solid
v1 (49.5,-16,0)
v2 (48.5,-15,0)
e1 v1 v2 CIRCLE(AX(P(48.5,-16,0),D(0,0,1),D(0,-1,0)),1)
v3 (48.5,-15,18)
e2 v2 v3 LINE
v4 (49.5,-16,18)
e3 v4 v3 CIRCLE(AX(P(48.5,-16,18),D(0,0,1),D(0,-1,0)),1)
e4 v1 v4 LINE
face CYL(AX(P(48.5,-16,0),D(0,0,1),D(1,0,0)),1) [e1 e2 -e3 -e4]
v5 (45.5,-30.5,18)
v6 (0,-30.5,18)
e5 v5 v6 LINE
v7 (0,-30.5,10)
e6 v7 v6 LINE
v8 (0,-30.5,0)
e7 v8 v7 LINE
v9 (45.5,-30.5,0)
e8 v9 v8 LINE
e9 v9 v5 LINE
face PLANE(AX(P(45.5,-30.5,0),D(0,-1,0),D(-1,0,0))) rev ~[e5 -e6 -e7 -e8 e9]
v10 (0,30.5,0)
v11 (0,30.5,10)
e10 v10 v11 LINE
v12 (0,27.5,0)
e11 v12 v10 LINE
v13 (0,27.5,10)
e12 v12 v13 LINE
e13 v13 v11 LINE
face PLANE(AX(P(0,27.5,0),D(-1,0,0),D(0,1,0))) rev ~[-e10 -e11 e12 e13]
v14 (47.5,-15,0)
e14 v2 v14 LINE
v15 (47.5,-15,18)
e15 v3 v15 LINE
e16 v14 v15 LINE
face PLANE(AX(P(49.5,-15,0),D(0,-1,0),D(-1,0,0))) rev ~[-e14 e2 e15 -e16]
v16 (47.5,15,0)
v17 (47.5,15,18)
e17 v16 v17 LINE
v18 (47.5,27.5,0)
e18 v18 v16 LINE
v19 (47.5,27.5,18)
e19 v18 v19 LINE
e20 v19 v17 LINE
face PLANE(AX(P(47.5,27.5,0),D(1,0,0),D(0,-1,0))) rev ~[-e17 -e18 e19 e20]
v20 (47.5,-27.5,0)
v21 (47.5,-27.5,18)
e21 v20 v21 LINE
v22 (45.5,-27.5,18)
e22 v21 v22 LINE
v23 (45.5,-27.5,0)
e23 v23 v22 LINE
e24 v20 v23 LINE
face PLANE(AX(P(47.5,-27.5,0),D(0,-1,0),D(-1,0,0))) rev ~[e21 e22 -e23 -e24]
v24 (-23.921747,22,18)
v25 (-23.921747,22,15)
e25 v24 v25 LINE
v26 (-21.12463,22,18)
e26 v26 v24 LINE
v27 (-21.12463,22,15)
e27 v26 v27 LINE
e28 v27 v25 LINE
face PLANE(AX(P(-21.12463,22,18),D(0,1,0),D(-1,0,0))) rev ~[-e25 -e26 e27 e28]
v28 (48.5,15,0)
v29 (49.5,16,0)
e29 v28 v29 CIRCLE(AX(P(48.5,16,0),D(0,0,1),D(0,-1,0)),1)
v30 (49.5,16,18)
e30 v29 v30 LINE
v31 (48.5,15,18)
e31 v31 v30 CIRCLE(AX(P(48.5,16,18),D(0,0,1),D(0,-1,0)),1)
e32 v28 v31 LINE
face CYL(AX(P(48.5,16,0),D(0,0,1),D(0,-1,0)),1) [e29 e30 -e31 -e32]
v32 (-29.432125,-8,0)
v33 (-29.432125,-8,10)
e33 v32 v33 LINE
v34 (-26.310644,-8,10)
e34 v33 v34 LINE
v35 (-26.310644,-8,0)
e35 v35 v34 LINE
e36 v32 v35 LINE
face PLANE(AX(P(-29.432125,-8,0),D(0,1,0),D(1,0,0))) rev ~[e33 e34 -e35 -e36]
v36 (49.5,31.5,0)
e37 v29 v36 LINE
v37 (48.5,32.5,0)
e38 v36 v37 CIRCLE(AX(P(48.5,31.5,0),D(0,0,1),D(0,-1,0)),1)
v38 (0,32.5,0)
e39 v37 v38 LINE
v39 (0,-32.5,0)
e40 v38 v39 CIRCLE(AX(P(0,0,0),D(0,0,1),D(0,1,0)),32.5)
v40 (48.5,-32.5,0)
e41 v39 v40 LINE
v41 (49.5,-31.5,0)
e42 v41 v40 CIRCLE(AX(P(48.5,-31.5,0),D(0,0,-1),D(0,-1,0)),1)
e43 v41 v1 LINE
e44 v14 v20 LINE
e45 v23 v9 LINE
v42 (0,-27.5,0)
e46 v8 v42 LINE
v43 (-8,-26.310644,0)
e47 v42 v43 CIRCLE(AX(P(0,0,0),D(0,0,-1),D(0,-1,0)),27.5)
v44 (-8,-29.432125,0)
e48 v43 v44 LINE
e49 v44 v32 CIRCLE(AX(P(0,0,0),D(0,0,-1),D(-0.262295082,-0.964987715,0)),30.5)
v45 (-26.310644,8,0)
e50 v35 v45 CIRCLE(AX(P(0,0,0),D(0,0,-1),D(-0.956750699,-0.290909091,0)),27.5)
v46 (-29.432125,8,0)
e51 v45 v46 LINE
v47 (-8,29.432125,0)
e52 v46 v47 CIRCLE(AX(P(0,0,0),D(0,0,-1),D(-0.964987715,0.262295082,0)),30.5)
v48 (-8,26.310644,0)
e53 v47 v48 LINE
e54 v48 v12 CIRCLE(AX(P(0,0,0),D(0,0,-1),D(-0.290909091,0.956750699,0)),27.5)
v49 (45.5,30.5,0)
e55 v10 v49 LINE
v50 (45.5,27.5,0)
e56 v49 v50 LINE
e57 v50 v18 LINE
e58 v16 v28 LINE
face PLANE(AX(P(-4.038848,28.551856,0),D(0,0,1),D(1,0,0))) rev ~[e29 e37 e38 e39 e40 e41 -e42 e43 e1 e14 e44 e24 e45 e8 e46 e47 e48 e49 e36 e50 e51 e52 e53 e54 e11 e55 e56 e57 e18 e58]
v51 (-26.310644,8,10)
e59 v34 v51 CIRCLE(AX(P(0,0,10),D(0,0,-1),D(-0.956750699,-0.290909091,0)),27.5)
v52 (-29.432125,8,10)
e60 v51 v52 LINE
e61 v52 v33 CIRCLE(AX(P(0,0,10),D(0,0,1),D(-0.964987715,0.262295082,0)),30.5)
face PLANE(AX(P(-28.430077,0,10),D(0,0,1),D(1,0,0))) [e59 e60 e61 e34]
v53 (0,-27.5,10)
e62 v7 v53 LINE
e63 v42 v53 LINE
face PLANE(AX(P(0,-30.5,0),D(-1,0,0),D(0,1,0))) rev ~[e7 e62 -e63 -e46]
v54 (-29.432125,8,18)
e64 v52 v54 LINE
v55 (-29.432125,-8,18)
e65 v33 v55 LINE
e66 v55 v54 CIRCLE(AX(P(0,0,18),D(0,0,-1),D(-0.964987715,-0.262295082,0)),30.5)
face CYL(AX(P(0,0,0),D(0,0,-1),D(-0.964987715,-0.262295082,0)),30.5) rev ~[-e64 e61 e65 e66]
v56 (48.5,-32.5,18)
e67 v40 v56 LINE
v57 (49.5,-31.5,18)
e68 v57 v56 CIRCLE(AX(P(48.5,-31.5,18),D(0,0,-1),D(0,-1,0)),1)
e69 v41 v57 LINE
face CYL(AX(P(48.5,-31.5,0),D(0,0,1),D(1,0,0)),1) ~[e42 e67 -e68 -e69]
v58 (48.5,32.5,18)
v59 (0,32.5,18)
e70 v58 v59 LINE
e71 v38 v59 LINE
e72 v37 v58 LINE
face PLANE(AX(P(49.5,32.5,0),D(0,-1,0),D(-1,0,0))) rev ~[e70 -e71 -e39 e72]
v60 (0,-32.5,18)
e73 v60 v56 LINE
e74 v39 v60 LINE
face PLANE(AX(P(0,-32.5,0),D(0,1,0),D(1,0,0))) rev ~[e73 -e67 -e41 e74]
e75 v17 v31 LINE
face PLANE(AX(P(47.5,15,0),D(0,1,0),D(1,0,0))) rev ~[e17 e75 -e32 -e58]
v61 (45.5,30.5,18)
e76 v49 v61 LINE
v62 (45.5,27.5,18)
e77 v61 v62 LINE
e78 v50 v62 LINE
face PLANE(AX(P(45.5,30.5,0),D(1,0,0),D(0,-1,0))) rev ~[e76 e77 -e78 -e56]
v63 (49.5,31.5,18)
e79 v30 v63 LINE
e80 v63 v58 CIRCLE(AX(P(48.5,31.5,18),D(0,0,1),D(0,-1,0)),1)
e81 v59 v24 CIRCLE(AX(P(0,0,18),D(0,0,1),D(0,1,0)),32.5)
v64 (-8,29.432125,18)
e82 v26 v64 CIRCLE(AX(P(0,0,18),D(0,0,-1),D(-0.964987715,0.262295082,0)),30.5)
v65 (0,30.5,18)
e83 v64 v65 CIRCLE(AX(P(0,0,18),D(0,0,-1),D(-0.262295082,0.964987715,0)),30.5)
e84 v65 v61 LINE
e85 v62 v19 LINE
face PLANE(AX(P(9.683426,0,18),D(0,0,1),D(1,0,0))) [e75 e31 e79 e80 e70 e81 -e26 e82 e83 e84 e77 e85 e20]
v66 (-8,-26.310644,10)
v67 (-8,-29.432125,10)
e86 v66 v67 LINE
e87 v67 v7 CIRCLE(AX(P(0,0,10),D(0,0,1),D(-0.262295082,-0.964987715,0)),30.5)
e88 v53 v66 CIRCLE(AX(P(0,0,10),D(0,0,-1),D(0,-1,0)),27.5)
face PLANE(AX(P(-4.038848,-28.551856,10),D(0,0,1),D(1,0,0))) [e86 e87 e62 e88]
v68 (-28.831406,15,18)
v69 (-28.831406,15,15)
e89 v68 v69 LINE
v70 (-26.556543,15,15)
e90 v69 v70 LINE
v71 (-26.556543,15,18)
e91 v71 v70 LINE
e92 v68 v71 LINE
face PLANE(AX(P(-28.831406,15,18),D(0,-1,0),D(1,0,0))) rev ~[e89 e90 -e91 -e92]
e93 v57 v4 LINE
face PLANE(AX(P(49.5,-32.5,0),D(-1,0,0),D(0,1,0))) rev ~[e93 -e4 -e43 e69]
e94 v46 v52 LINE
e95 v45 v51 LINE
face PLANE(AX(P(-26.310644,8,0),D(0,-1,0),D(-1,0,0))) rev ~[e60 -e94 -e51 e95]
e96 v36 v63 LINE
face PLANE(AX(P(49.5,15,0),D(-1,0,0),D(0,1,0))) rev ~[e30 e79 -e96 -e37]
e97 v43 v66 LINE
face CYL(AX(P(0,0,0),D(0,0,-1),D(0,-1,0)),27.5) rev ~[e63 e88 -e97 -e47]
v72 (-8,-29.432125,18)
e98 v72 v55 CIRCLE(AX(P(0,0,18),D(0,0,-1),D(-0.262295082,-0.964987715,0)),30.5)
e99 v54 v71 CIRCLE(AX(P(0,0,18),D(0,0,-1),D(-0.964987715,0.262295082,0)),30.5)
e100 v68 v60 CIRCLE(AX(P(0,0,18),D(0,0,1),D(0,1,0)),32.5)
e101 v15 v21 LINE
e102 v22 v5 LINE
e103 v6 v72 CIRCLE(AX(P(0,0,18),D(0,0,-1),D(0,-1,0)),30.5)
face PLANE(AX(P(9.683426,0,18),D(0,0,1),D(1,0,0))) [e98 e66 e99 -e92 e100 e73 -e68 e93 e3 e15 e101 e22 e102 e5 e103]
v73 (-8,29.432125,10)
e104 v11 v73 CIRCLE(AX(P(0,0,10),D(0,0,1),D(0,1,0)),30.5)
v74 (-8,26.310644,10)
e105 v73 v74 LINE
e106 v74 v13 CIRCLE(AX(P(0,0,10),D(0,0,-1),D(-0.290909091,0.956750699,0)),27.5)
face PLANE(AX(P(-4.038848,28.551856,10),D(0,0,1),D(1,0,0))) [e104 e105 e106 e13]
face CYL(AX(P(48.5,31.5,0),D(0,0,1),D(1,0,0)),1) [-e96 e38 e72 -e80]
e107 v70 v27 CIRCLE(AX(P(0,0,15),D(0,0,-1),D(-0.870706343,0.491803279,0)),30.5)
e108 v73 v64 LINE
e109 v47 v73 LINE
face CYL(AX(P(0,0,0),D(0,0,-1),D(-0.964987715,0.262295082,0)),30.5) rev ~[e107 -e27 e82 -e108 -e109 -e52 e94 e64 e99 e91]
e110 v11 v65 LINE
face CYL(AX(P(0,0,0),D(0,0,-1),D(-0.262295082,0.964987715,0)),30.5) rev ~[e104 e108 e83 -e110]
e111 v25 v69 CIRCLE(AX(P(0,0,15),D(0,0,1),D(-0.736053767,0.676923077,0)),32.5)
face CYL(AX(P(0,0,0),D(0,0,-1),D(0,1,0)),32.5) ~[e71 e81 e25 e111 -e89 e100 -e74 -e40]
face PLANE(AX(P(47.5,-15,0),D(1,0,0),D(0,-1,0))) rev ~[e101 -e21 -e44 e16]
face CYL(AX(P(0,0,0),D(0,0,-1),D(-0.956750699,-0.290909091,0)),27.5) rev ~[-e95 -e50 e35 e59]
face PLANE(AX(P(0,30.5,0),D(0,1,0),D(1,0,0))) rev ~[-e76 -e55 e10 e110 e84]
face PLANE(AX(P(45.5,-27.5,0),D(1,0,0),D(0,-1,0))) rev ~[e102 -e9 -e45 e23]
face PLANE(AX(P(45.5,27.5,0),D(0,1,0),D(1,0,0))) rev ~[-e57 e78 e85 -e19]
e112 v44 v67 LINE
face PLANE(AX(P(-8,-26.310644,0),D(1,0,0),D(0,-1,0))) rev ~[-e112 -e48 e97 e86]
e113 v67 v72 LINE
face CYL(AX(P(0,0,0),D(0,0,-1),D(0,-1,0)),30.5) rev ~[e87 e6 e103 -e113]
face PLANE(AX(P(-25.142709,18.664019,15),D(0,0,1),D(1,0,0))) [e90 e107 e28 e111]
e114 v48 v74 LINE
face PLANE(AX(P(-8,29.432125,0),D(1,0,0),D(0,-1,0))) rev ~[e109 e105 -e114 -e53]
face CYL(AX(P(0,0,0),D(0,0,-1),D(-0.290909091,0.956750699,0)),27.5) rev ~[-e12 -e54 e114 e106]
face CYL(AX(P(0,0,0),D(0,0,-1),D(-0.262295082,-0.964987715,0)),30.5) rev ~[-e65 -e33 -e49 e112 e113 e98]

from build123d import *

# Parameters (mm, degrees)
F1_DEPTH = 18
F2_R     = 1
F3_DEPTH = 10
F5_DEPTH = 3


with BuildPart() as f1:
    # F0 (on Top) → F1 (new body)
    with BuildSketch(Plane.XY):
        with BuildLine():
            Line((49.5, -32.5), (49.5, -15))
            Line((49.5, -15), (47.5, -15))
            Line((47.5, -15), (47.5, -27.5))
            Line((47.5, -27.5), (45.5, -27.5))
            Line((45.5, -27.5), (45.5, -30.5))
            Line((45.5, -30.5), (0, -30.5))
            ThreePointArc((0, -30.5), (-4.0354787933, -30.2318525881), (-8, -29.4321253055))
            ThreePointArc((-8, -29.4321253055), (-21.5667568262, -21.5667568262), (-29.4321253055, -8))
            ThreePointArc((-29.4321253055, -8), (-30.5, 0), (-29.4321253055, 8))
            ThreePointArc((-29.4321253055, 8), (-21.5667568262, 21.5667568262), (-8, 29.4321253055))
            ThreePointArc((-8, 29.4321253055), (-4.0354787933, 30.2318525881), (0, 30.5))
            Line((0, 30.5), (45.5, 30.5))
            Line((45.5, 30.5), (45.5, 27.5))
            Line((45.5, 27.5), (47.5, 27.5))
            Line((47.5, 27.5), (47.5, 15))
            Line((47.5, 15), (49.5, 15))
            Line((49.5, 15), (49.5, 32.5))
            Line((49.5, 32.5), (0, 32.5))
            ThreePointArc((0, 32.5), (-32.5, 0), (0, -32.5))
            Line((0, -32.5), (49.5, -32.5))
        make_face()
    extrude(amount=F1_DEPTH)

    # F2
    f2_edges = [f1.edges().sort_by_distance(p)[0] for p in [
        (49.5, 15, 9),
        (49.5, -15, 9),
        (49.5, 32.5, 9),
        (49.5, -32.5, 9),
    ]]
    fillet(f2_edges, radius=F2_R)

    # F0 (on Top) → F3 (join)
    with BuildSketch(Plane.XY):
        with BuildLine():
            ThreePointArc((0, 30.5), (-4.0354787933, 30.2318525881), (-8, 29.4321253055))
            Line((-8, 29.4321253055), (-8, 26.3106442338))
            ThreePointArc((-8, 26.3106442338), (-4.0439636231, 27.2010359769), (0, 27.5))
            Line((0, 27.5), (0, 30.5))
        make_face()
        with BuildLine():
            ThreePointArc((-29.4321253055, 8), (-30.5, 0), (-29.4321253055, -8))
            Line((-29.4321253055, -8), (-26.3106442338, -8))
            ThreePointArc((-26.3106442338, -8), (-27.5, 0), (-26.3106442338, 8))
            Line((-26.3106442338, 8), (-29.4321253055, 8))
        make_face()
        with BuildLine():
            ThreePointArc((-8, -29.4321253055), (-4.0354787933, -30.2318525881), (0, -30.5))
            Line((0, -30.5), (0, -27.5))
            ThreePointArc((0, -27.5), (-4.0439636231, -27.2010359769), (-8, -26.3106442338))
            Line((-8, -26.3106442338), (-8, -29.4321253055))
        make_face()
    extrude(amount=F3_DEPTH)

    # F4 (on face) → F5 (cut)
    with BuildSketch(Plane.XY.offset(18)):
        with BuildLine():
            Line((-28.8314064867, 15), (-26.5565434498, 15))
            ThreePointArc((-26.5565434498, 15), (-24.0961320452, 18.698299935), (-21.1246301743, 22))
            Line((-21.1246301743, 22), (-23.9217474278, 22))
            ThreePointArc((-23.9217474278, 22), (-26.6077772837, 18.6621592539), (-28.8314064867, 15))
        make_face()
    extrude(amount=-F5_DEPTH, mode=Mode.SUBTRACT)


solid = f1.part
